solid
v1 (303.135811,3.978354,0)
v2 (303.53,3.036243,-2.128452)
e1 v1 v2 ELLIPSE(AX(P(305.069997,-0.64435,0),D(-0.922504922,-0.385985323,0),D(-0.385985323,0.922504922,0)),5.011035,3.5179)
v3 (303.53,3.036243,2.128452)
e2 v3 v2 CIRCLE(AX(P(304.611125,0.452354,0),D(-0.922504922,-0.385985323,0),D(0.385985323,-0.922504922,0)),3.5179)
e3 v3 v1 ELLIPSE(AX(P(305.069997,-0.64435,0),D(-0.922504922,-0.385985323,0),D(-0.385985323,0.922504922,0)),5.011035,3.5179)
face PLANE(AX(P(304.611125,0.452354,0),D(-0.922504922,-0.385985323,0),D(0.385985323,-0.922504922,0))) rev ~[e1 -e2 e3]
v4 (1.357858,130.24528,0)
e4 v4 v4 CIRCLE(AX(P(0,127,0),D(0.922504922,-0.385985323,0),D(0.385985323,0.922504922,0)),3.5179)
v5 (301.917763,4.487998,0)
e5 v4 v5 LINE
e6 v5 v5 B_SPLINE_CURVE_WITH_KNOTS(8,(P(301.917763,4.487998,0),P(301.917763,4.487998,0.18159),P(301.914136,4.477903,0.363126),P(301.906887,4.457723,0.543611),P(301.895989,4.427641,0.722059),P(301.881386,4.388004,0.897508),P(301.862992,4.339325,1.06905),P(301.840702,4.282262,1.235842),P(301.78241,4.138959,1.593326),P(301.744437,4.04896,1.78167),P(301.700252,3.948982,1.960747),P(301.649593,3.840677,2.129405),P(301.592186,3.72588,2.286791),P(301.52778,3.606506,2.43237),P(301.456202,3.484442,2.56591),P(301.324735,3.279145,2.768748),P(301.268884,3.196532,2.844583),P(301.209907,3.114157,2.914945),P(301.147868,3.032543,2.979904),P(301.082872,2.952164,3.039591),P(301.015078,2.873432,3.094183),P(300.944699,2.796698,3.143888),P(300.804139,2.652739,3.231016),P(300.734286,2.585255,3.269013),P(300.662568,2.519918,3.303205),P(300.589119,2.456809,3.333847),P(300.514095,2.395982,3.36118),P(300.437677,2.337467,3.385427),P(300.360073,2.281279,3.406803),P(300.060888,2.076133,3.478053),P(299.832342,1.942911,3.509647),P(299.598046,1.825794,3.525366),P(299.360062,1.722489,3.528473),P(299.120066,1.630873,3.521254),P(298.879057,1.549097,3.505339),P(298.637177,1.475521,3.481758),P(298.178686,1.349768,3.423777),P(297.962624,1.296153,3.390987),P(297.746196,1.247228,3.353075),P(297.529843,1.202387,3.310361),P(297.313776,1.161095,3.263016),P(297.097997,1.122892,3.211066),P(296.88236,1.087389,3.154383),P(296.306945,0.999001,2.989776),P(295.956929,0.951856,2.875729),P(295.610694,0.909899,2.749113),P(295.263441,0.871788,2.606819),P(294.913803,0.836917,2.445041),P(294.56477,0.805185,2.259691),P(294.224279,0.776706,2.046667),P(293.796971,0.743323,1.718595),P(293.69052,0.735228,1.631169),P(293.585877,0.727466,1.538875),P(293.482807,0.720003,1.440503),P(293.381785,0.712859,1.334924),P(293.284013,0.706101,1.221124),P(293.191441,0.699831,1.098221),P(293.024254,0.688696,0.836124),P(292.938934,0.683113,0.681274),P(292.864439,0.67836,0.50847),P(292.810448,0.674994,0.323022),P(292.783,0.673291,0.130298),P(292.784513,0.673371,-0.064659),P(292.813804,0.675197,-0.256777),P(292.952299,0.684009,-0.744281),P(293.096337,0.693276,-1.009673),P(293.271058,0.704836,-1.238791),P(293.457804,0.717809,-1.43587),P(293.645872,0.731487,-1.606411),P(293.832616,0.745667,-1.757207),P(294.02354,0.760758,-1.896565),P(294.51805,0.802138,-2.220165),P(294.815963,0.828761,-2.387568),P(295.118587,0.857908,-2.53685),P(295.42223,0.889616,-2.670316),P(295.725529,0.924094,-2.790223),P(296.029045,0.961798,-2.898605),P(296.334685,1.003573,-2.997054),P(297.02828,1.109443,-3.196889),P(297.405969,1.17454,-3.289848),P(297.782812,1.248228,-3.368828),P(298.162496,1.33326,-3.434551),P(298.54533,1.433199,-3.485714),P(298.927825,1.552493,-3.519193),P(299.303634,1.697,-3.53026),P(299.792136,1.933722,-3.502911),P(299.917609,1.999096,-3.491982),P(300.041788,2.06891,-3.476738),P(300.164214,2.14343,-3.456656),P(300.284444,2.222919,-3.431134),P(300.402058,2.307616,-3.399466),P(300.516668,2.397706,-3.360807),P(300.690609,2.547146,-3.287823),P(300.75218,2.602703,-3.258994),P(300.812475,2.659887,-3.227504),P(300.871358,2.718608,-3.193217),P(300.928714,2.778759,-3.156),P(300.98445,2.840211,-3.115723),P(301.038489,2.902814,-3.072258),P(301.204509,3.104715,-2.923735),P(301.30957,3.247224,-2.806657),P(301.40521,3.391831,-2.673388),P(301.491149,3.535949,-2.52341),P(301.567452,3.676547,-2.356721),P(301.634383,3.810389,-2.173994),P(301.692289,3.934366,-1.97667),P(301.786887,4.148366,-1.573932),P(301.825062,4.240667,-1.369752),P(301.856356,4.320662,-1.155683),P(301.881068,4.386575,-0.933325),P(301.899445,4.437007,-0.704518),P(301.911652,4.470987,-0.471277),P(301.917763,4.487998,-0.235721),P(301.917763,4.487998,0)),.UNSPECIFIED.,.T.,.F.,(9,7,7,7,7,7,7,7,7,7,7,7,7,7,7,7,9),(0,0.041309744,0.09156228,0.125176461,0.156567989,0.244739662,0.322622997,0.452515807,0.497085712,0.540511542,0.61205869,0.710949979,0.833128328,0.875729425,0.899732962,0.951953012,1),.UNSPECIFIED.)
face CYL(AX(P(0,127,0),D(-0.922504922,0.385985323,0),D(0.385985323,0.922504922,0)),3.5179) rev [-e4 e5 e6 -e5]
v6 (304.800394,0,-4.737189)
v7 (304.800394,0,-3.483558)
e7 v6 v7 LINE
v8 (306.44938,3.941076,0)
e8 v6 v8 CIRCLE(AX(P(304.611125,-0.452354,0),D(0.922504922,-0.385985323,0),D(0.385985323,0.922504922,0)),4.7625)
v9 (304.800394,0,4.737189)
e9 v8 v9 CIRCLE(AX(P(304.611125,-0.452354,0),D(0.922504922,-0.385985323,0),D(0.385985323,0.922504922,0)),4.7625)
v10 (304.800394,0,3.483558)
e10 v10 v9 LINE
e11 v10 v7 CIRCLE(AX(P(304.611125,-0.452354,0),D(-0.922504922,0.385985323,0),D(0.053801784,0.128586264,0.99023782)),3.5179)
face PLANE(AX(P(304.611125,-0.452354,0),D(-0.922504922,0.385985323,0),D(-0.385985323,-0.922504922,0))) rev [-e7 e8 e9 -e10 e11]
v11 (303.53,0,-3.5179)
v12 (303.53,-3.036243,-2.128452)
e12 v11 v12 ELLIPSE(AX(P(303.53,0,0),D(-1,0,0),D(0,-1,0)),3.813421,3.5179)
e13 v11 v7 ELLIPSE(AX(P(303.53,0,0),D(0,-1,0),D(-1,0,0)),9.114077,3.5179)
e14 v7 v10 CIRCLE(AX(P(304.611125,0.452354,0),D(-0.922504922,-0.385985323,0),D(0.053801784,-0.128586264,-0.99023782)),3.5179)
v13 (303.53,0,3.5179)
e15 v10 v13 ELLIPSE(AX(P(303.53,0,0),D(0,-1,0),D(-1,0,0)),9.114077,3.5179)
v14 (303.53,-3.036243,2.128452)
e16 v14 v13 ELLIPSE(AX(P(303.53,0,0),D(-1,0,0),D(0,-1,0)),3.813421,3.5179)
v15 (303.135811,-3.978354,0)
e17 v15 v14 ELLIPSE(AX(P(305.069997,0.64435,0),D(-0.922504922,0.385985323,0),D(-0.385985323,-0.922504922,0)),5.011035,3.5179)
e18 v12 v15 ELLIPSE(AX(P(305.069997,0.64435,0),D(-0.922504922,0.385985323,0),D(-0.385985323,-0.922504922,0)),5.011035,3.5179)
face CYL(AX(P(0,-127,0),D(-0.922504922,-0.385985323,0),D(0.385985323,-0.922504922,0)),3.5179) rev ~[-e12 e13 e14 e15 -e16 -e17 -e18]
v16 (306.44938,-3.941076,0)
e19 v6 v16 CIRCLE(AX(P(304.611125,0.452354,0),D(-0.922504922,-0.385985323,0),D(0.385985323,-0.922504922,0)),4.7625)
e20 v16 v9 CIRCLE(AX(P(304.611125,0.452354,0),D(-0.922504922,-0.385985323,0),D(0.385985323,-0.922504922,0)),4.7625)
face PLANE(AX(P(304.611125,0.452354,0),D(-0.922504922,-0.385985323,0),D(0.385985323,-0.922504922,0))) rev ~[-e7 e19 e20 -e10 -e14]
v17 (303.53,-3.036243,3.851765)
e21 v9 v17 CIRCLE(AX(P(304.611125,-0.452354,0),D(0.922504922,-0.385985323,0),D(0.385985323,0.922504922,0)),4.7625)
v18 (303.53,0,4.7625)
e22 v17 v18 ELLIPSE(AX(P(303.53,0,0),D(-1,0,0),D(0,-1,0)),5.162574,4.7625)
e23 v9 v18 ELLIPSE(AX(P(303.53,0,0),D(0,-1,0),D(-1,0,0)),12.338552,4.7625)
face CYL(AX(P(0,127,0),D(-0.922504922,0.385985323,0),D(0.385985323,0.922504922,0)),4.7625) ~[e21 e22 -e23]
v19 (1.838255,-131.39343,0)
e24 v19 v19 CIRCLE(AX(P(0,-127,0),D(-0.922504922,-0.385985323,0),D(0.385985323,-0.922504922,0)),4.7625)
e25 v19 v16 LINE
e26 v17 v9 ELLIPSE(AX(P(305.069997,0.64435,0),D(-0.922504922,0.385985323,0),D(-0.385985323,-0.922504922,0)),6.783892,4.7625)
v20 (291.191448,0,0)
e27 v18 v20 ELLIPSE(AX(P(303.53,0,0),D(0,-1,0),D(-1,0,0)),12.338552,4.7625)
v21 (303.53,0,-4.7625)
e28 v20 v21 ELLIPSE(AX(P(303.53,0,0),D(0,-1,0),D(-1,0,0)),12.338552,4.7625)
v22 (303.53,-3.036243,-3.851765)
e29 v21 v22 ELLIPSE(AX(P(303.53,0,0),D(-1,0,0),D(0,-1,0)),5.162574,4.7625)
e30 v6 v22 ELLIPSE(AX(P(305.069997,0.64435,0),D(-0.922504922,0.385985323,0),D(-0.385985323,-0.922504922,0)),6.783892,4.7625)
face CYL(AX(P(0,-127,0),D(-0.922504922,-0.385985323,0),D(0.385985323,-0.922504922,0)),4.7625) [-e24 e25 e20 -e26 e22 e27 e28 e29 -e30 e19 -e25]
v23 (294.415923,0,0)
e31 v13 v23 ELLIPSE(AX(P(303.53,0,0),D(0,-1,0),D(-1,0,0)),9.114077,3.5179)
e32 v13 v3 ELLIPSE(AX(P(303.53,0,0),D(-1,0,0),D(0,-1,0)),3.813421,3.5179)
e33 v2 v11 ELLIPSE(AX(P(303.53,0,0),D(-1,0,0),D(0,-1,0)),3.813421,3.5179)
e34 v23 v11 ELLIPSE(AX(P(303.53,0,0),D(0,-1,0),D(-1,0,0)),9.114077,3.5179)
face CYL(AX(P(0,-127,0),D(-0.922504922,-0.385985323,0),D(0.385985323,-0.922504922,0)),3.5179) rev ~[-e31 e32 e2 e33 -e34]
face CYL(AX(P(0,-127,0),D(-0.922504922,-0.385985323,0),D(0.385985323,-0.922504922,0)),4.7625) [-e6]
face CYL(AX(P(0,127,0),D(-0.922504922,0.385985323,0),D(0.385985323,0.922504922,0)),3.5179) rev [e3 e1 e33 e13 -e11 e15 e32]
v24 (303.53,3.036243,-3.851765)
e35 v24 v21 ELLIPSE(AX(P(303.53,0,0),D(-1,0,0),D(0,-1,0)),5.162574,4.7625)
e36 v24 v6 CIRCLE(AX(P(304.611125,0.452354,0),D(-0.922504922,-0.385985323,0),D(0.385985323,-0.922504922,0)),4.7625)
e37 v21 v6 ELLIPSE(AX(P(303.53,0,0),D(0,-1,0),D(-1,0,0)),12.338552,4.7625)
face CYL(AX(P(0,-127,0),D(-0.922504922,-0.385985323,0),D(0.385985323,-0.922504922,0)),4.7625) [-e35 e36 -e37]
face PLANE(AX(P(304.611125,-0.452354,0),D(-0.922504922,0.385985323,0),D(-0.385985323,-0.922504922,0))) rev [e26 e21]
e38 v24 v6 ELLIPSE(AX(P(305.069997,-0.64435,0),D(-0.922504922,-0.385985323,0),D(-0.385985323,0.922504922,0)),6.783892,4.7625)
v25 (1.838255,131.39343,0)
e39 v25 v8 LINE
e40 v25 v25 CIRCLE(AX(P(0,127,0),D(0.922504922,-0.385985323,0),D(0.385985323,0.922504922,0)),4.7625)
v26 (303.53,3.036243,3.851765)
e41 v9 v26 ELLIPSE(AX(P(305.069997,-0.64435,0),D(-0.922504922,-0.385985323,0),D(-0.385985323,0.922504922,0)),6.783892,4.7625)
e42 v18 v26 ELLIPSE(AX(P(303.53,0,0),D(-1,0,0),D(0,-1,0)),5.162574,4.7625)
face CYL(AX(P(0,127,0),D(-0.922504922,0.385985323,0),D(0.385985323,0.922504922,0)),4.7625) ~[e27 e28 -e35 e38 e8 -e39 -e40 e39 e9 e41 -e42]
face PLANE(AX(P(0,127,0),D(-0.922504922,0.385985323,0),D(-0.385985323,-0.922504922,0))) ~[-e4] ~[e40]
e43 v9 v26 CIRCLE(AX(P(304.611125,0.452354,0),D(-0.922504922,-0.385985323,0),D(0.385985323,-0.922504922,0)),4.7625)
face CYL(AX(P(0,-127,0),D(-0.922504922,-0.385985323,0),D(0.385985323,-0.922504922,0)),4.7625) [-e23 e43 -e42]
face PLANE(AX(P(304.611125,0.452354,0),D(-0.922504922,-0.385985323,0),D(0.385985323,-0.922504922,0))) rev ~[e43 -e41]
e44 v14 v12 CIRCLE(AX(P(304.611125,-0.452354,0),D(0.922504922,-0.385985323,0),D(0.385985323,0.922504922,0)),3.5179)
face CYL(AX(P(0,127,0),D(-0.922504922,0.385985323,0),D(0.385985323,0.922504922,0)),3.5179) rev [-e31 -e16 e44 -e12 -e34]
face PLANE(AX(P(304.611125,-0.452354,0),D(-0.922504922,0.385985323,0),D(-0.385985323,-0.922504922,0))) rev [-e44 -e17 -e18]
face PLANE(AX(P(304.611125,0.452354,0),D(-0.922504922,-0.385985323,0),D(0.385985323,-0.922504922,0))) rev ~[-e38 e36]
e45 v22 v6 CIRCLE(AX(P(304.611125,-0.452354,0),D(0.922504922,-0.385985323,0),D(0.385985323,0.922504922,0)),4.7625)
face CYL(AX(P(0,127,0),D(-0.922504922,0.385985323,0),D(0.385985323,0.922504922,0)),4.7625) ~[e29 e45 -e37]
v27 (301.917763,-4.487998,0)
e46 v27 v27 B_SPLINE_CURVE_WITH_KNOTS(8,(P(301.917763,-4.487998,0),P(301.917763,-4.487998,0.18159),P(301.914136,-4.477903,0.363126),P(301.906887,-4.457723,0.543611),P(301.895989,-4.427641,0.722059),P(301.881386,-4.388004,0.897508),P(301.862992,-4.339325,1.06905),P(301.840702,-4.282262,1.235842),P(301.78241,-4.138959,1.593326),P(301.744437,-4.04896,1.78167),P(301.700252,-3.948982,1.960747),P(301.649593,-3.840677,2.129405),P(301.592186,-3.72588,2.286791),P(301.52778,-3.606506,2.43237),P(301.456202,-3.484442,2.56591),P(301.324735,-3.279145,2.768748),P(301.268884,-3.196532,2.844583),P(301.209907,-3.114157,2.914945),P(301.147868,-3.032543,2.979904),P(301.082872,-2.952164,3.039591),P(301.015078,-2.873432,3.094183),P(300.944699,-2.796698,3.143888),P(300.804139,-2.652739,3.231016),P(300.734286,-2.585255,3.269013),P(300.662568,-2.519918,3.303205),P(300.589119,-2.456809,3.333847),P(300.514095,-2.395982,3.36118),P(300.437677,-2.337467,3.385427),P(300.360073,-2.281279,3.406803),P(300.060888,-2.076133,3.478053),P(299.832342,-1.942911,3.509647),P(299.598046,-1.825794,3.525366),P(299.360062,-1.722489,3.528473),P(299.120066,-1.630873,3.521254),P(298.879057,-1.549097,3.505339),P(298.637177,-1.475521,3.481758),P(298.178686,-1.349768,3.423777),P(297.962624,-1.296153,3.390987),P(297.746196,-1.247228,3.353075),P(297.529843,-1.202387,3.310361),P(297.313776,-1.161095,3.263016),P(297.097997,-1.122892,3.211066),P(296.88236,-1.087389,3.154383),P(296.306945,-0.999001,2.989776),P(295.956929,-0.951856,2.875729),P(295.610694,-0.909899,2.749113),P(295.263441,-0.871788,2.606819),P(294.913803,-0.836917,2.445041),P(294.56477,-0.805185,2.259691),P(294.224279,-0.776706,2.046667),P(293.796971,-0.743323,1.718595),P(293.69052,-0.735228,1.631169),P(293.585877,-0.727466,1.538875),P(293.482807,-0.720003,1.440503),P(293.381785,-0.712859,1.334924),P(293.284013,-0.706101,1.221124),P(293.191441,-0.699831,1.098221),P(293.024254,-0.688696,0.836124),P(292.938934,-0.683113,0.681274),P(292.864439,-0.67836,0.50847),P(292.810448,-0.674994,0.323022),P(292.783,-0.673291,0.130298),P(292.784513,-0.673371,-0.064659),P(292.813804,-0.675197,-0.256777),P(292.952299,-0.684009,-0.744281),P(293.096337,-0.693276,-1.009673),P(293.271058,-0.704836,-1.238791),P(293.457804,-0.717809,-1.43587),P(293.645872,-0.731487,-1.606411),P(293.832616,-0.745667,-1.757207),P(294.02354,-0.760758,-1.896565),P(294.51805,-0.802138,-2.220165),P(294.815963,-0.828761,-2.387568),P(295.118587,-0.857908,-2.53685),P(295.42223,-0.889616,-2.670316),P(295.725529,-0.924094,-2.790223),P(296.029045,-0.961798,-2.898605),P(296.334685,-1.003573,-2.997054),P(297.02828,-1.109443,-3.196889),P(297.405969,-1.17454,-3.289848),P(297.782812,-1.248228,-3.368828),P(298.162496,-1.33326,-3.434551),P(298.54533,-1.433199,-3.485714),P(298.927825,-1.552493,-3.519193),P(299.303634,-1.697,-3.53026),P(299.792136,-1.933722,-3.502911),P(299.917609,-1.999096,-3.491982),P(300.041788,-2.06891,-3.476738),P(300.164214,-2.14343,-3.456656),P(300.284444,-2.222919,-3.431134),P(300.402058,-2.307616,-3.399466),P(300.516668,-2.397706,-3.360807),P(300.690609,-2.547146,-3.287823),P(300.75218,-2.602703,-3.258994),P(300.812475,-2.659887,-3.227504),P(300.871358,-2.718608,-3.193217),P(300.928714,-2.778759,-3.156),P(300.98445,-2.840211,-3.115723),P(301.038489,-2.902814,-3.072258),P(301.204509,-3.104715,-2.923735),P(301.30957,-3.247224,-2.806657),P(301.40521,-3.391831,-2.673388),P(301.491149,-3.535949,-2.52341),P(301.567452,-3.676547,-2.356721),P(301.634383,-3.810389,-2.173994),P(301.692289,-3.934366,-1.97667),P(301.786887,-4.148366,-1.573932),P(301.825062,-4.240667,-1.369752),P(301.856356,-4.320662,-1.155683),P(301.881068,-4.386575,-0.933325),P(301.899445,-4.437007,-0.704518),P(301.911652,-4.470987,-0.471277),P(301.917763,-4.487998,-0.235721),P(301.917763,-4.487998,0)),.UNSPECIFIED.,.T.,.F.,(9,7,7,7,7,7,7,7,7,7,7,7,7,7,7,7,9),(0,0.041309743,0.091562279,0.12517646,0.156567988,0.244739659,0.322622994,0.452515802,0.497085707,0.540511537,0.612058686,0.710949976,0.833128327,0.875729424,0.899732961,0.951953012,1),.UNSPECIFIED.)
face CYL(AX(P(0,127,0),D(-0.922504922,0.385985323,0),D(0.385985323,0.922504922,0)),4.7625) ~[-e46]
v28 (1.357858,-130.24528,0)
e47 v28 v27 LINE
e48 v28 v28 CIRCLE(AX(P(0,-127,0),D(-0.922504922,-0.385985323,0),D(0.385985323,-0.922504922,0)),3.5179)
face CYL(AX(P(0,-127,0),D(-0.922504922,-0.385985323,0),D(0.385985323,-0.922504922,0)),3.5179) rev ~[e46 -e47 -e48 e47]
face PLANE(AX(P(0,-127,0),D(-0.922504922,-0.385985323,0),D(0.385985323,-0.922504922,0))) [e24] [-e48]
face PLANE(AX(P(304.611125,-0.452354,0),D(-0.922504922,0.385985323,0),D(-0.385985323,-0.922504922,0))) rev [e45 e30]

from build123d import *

# Parameters (mm, degrees)
F4_R     = 4.7625
F4_R_2   = 3.5179
F5_DEPTH = 330.2


with BuildPart() as f5:
    # F4 (on 3pt) → F5 (new body)
    with BuildSketch(Plane(origin=(-45.2213167265, -18.9210530236, 0), x_dir=(0.3859853229, -0.9225049217, 0), z_dir=(-0.9225049217, -0.3859853229, 0))):
        with Locations((117.1581250533, 0)):
            Circle(F4_R)
        with Locations((117.1581250533, 0)):
            Circle(F4_R_2, mode=Mode.SUBTRACT)
    extrude(amount=-F5_DEPTH)

    # F6: F5 across plane


with BuildPart() as f5_1:
    add(f5.part)
    add(f5.part.mirror(Plane.XZ))


solid = f5_1.part
